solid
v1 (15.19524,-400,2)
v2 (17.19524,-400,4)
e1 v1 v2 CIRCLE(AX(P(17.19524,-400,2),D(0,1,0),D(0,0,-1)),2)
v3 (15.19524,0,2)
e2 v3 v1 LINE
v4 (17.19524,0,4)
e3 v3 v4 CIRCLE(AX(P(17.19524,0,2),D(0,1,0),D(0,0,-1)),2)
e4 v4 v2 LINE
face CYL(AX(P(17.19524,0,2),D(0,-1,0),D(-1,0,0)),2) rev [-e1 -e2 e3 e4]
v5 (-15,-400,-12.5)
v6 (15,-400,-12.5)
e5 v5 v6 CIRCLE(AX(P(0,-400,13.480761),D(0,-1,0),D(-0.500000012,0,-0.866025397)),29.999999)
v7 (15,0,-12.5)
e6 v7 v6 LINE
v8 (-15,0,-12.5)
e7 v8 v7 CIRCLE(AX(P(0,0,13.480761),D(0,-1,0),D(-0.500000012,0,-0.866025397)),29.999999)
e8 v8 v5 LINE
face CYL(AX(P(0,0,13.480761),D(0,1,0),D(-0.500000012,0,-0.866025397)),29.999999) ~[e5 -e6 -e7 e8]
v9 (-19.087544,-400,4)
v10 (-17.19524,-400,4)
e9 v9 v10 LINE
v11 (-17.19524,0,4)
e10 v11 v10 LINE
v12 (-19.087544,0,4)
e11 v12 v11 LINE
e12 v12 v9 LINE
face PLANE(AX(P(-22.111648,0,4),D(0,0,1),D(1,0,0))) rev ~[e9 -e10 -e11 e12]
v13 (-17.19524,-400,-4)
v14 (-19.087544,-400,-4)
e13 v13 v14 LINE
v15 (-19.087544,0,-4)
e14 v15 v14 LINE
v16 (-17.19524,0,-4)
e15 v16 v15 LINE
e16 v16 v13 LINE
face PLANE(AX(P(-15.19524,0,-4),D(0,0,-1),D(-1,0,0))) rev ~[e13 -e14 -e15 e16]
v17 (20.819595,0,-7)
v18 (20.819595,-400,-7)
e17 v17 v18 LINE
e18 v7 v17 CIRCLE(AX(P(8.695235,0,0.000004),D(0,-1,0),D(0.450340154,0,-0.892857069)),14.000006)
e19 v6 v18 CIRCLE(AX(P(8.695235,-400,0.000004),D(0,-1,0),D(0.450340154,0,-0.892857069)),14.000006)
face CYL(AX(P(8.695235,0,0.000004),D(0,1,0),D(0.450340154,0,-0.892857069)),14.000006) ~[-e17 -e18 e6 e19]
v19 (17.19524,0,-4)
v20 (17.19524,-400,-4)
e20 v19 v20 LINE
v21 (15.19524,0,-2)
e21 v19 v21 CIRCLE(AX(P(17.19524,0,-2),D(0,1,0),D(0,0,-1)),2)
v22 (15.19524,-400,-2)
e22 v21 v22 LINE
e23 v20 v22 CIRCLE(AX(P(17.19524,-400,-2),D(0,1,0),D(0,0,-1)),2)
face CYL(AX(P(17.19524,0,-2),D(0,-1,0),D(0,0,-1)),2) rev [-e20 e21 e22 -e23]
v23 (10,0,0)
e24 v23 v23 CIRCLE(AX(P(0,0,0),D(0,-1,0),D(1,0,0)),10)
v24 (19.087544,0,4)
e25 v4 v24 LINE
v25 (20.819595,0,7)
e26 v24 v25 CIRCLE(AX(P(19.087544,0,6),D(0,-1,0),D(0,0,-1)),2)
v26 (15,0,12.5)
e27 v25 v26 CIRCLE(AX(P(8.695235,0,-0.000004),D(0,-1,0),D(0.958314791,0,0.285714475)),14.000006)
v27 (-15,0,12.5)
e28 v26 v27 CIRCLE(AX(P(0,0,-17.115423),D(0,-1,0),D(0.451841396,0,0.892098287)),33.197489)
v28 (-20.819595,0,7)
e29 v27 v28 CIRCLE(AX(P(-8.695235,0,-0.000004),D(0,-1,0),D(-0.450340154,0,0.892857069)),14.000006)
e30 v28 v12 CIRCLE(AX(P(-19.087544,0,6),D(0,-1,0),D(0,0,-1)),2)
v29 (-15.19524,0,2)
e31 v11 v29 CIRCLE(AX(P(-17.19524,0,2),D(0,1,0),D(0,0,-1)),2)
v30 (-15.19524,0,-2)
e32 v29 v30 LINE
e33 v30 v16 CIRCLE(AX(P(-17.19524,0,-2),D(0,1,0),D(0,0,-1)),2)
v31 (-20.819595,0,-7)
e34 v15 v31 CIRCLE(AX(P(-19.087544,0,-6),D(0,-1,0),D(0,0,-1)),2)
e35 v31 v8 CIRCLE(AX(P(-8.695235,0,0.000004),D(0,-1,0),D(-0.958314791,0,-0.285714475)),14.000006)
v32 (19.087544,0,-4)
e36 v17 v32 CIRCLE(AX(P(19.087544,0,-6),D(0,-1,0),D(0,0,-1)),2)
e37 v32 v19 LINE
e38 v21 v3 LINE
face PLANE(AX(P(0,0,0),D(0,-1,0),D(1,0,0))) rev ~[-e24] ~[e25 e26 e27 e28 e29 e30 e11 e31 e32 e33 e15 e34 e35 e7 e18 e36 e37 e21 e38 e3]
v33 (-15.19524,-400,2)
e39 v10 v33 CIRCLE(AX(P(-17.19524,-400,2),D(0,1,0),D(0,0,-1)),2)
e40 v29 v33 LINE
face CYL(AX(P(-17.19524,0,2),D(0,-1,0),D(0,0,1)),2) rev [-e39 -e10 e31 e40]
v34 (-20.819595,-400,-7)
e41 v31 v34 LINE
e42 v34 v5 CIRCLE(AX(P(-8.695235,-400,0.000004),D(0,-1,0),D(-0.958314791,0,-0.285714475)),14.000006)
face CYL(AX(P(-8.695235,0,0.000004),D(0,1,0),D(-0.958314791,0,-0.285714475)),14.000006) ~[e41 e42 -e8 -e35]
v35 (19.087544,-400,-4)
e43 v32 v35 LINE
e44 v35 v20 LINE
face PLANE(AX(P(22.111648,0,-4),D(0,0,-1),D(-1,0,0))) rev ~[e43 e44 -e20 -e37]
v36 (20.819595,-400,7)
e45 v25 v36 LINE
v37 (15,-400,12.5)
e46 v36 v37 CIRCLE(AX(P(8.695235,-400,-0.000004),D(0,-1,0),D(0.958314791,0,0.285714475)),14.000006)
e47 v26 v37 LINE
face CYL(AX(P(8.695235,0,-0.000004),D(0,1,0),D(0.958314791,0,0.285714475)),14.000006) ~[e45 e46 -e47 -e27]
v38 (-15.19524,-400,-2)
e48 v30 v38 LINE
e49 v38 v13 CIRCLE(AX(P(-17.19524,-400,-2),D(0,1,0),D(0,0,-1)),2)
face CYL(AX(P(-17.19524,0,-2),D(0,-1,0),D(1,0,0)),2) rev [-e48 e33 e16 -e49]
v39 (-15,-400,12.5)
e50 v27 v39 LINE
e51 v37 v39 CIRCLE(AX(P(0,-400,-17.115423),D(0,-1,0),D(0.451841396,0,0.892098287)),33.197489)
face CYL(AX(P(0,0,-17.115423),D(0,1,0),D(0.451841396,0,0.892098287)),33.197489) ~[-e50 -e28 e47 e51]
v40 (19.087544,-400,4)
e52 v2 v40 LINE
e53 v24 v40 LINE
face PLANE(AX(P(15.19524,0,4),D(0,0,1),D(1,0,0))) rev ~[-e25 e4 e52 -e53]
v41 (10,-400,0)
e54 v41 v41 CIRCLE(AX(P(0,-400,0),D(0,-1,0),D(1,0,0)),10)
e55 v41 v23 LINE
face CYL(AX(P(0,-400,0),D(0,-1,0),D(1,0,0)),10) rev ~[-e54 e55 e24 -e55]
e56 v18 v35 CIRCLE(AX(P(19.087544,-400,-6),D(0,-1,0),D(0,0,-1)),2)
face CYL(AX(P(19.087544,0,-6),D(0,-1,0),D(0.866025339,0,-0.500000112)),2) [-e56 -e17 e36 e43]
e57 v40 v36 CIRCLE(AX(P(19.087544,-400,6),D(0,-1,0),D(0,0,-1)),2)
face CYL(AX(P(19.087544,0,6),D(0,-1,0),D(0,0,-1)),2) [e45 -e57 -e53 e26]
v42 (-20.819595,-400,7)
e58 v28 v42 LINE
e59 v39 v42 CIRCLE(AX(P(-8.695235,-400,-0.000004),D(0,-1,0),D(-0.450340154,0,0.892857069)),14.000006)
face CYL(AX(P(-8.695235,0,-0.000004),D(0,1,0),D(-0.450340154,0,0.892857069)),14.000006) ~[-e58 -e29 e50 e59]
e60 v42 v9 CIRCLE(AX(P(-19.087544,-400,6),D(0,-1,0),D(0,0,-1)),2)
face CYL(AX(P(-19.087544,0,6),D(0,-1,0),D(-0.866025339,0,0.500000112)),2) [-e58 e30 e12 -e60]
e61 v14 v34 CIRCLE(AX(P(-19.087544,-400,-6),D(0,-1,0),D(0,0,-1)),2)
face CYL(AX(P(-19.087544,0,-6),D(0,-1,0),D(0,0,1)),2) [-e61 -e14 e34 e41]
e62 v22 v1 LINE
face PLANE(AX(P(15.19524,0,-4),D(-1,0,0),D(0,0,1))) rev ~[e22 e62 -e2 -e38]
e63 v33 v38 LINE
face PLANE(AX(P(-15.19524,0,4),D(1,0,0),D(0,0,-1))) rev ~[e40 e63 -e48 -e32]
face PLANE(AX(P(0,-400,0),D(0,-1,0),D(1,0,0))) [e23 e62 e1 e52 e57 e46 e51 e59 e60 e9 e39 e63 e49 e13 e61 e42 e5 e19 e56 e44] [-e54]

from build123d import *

# Parameters (mm, degrees)
F0_W     = 30
F0_H     = 25
F1_DEPTH = 400
F2_R     = 2
F3_R     = 10
F4_DEPTH = 400


with BuildPart() as f1:
    # F0 (on Front) → F1 (new body)
    with BuildSketch(Plane.XZ):
        Rectangle(F0_W, F0_H)
        with BuildLine():
            Line((-15, -12.5), (-15, 12.5))
            ThreePointArc((-15, 12.5), (-19.432726, 8.983673), (-22.111648, 4))
            Line((-22.111648, 4), (-15.19524, 4))
            Line((-15.19524, 4), (-15.19524, -4))
            Line((-15.19524, -4), (-22.111648, -4))
            ThreePointArc((-22.111648, -4), (-19.432726, -8.983673), (-15, -12.5))
        make_face()
        with BuildLine():
            ThreePointArc((-15, -12.5), (0, -16.519238), (15, -12.5))
            Line((15, -12.5), (-15, -12.5))
        make_face()
        with BuildLine():
            ThreePointArc((22.111648, 4), (19.432726, 8.983673), (15, 12.5))
            Line((15, 12.5), (15, -12.5))
            ThreePointArc((15, -12.5), (19.432726, -8.983673), (22.111648, -4))
            Line((22.111648, -4), (15.19524, -4))
            Line((15.19524, -4), (15.19524, 4))
            Line((15.19524, 4), (22.111648, 4))
        make_face()
        with BuildLine():
            Line((-15, 12.5), (15, 12.5))
            ThreePointArc((15, 12.5), (0, 16.082066), (-15, 12.5))
        make_face()
    extrude(amount=F1_DEPTH)

    # F2
    f2_edges = [f1.edges().sort_by_distance(p)[0] for p in [
        (-22.111648, -200, 4),
        (-15.19524, -200, 4),
        (-15.19524, -200, -4),
        (-22.111648, -200, -4),
        (15.19524, -200, -4),
        (22.111648, -200, 4),
        (15.19524, -200, 4),
        (22.111648, -200, -4),
    ]]
    fillet(f2_edges, radius=F2_R)

    # F3 (on face) → F4 (cut)
    with BuildSketch(Plane.XZ.offset(400)):
        Circle(F3_R)
    extrude(amount=-F4_DEPTH, mode=Mode.SUBTRACT)


solid = f1.part
